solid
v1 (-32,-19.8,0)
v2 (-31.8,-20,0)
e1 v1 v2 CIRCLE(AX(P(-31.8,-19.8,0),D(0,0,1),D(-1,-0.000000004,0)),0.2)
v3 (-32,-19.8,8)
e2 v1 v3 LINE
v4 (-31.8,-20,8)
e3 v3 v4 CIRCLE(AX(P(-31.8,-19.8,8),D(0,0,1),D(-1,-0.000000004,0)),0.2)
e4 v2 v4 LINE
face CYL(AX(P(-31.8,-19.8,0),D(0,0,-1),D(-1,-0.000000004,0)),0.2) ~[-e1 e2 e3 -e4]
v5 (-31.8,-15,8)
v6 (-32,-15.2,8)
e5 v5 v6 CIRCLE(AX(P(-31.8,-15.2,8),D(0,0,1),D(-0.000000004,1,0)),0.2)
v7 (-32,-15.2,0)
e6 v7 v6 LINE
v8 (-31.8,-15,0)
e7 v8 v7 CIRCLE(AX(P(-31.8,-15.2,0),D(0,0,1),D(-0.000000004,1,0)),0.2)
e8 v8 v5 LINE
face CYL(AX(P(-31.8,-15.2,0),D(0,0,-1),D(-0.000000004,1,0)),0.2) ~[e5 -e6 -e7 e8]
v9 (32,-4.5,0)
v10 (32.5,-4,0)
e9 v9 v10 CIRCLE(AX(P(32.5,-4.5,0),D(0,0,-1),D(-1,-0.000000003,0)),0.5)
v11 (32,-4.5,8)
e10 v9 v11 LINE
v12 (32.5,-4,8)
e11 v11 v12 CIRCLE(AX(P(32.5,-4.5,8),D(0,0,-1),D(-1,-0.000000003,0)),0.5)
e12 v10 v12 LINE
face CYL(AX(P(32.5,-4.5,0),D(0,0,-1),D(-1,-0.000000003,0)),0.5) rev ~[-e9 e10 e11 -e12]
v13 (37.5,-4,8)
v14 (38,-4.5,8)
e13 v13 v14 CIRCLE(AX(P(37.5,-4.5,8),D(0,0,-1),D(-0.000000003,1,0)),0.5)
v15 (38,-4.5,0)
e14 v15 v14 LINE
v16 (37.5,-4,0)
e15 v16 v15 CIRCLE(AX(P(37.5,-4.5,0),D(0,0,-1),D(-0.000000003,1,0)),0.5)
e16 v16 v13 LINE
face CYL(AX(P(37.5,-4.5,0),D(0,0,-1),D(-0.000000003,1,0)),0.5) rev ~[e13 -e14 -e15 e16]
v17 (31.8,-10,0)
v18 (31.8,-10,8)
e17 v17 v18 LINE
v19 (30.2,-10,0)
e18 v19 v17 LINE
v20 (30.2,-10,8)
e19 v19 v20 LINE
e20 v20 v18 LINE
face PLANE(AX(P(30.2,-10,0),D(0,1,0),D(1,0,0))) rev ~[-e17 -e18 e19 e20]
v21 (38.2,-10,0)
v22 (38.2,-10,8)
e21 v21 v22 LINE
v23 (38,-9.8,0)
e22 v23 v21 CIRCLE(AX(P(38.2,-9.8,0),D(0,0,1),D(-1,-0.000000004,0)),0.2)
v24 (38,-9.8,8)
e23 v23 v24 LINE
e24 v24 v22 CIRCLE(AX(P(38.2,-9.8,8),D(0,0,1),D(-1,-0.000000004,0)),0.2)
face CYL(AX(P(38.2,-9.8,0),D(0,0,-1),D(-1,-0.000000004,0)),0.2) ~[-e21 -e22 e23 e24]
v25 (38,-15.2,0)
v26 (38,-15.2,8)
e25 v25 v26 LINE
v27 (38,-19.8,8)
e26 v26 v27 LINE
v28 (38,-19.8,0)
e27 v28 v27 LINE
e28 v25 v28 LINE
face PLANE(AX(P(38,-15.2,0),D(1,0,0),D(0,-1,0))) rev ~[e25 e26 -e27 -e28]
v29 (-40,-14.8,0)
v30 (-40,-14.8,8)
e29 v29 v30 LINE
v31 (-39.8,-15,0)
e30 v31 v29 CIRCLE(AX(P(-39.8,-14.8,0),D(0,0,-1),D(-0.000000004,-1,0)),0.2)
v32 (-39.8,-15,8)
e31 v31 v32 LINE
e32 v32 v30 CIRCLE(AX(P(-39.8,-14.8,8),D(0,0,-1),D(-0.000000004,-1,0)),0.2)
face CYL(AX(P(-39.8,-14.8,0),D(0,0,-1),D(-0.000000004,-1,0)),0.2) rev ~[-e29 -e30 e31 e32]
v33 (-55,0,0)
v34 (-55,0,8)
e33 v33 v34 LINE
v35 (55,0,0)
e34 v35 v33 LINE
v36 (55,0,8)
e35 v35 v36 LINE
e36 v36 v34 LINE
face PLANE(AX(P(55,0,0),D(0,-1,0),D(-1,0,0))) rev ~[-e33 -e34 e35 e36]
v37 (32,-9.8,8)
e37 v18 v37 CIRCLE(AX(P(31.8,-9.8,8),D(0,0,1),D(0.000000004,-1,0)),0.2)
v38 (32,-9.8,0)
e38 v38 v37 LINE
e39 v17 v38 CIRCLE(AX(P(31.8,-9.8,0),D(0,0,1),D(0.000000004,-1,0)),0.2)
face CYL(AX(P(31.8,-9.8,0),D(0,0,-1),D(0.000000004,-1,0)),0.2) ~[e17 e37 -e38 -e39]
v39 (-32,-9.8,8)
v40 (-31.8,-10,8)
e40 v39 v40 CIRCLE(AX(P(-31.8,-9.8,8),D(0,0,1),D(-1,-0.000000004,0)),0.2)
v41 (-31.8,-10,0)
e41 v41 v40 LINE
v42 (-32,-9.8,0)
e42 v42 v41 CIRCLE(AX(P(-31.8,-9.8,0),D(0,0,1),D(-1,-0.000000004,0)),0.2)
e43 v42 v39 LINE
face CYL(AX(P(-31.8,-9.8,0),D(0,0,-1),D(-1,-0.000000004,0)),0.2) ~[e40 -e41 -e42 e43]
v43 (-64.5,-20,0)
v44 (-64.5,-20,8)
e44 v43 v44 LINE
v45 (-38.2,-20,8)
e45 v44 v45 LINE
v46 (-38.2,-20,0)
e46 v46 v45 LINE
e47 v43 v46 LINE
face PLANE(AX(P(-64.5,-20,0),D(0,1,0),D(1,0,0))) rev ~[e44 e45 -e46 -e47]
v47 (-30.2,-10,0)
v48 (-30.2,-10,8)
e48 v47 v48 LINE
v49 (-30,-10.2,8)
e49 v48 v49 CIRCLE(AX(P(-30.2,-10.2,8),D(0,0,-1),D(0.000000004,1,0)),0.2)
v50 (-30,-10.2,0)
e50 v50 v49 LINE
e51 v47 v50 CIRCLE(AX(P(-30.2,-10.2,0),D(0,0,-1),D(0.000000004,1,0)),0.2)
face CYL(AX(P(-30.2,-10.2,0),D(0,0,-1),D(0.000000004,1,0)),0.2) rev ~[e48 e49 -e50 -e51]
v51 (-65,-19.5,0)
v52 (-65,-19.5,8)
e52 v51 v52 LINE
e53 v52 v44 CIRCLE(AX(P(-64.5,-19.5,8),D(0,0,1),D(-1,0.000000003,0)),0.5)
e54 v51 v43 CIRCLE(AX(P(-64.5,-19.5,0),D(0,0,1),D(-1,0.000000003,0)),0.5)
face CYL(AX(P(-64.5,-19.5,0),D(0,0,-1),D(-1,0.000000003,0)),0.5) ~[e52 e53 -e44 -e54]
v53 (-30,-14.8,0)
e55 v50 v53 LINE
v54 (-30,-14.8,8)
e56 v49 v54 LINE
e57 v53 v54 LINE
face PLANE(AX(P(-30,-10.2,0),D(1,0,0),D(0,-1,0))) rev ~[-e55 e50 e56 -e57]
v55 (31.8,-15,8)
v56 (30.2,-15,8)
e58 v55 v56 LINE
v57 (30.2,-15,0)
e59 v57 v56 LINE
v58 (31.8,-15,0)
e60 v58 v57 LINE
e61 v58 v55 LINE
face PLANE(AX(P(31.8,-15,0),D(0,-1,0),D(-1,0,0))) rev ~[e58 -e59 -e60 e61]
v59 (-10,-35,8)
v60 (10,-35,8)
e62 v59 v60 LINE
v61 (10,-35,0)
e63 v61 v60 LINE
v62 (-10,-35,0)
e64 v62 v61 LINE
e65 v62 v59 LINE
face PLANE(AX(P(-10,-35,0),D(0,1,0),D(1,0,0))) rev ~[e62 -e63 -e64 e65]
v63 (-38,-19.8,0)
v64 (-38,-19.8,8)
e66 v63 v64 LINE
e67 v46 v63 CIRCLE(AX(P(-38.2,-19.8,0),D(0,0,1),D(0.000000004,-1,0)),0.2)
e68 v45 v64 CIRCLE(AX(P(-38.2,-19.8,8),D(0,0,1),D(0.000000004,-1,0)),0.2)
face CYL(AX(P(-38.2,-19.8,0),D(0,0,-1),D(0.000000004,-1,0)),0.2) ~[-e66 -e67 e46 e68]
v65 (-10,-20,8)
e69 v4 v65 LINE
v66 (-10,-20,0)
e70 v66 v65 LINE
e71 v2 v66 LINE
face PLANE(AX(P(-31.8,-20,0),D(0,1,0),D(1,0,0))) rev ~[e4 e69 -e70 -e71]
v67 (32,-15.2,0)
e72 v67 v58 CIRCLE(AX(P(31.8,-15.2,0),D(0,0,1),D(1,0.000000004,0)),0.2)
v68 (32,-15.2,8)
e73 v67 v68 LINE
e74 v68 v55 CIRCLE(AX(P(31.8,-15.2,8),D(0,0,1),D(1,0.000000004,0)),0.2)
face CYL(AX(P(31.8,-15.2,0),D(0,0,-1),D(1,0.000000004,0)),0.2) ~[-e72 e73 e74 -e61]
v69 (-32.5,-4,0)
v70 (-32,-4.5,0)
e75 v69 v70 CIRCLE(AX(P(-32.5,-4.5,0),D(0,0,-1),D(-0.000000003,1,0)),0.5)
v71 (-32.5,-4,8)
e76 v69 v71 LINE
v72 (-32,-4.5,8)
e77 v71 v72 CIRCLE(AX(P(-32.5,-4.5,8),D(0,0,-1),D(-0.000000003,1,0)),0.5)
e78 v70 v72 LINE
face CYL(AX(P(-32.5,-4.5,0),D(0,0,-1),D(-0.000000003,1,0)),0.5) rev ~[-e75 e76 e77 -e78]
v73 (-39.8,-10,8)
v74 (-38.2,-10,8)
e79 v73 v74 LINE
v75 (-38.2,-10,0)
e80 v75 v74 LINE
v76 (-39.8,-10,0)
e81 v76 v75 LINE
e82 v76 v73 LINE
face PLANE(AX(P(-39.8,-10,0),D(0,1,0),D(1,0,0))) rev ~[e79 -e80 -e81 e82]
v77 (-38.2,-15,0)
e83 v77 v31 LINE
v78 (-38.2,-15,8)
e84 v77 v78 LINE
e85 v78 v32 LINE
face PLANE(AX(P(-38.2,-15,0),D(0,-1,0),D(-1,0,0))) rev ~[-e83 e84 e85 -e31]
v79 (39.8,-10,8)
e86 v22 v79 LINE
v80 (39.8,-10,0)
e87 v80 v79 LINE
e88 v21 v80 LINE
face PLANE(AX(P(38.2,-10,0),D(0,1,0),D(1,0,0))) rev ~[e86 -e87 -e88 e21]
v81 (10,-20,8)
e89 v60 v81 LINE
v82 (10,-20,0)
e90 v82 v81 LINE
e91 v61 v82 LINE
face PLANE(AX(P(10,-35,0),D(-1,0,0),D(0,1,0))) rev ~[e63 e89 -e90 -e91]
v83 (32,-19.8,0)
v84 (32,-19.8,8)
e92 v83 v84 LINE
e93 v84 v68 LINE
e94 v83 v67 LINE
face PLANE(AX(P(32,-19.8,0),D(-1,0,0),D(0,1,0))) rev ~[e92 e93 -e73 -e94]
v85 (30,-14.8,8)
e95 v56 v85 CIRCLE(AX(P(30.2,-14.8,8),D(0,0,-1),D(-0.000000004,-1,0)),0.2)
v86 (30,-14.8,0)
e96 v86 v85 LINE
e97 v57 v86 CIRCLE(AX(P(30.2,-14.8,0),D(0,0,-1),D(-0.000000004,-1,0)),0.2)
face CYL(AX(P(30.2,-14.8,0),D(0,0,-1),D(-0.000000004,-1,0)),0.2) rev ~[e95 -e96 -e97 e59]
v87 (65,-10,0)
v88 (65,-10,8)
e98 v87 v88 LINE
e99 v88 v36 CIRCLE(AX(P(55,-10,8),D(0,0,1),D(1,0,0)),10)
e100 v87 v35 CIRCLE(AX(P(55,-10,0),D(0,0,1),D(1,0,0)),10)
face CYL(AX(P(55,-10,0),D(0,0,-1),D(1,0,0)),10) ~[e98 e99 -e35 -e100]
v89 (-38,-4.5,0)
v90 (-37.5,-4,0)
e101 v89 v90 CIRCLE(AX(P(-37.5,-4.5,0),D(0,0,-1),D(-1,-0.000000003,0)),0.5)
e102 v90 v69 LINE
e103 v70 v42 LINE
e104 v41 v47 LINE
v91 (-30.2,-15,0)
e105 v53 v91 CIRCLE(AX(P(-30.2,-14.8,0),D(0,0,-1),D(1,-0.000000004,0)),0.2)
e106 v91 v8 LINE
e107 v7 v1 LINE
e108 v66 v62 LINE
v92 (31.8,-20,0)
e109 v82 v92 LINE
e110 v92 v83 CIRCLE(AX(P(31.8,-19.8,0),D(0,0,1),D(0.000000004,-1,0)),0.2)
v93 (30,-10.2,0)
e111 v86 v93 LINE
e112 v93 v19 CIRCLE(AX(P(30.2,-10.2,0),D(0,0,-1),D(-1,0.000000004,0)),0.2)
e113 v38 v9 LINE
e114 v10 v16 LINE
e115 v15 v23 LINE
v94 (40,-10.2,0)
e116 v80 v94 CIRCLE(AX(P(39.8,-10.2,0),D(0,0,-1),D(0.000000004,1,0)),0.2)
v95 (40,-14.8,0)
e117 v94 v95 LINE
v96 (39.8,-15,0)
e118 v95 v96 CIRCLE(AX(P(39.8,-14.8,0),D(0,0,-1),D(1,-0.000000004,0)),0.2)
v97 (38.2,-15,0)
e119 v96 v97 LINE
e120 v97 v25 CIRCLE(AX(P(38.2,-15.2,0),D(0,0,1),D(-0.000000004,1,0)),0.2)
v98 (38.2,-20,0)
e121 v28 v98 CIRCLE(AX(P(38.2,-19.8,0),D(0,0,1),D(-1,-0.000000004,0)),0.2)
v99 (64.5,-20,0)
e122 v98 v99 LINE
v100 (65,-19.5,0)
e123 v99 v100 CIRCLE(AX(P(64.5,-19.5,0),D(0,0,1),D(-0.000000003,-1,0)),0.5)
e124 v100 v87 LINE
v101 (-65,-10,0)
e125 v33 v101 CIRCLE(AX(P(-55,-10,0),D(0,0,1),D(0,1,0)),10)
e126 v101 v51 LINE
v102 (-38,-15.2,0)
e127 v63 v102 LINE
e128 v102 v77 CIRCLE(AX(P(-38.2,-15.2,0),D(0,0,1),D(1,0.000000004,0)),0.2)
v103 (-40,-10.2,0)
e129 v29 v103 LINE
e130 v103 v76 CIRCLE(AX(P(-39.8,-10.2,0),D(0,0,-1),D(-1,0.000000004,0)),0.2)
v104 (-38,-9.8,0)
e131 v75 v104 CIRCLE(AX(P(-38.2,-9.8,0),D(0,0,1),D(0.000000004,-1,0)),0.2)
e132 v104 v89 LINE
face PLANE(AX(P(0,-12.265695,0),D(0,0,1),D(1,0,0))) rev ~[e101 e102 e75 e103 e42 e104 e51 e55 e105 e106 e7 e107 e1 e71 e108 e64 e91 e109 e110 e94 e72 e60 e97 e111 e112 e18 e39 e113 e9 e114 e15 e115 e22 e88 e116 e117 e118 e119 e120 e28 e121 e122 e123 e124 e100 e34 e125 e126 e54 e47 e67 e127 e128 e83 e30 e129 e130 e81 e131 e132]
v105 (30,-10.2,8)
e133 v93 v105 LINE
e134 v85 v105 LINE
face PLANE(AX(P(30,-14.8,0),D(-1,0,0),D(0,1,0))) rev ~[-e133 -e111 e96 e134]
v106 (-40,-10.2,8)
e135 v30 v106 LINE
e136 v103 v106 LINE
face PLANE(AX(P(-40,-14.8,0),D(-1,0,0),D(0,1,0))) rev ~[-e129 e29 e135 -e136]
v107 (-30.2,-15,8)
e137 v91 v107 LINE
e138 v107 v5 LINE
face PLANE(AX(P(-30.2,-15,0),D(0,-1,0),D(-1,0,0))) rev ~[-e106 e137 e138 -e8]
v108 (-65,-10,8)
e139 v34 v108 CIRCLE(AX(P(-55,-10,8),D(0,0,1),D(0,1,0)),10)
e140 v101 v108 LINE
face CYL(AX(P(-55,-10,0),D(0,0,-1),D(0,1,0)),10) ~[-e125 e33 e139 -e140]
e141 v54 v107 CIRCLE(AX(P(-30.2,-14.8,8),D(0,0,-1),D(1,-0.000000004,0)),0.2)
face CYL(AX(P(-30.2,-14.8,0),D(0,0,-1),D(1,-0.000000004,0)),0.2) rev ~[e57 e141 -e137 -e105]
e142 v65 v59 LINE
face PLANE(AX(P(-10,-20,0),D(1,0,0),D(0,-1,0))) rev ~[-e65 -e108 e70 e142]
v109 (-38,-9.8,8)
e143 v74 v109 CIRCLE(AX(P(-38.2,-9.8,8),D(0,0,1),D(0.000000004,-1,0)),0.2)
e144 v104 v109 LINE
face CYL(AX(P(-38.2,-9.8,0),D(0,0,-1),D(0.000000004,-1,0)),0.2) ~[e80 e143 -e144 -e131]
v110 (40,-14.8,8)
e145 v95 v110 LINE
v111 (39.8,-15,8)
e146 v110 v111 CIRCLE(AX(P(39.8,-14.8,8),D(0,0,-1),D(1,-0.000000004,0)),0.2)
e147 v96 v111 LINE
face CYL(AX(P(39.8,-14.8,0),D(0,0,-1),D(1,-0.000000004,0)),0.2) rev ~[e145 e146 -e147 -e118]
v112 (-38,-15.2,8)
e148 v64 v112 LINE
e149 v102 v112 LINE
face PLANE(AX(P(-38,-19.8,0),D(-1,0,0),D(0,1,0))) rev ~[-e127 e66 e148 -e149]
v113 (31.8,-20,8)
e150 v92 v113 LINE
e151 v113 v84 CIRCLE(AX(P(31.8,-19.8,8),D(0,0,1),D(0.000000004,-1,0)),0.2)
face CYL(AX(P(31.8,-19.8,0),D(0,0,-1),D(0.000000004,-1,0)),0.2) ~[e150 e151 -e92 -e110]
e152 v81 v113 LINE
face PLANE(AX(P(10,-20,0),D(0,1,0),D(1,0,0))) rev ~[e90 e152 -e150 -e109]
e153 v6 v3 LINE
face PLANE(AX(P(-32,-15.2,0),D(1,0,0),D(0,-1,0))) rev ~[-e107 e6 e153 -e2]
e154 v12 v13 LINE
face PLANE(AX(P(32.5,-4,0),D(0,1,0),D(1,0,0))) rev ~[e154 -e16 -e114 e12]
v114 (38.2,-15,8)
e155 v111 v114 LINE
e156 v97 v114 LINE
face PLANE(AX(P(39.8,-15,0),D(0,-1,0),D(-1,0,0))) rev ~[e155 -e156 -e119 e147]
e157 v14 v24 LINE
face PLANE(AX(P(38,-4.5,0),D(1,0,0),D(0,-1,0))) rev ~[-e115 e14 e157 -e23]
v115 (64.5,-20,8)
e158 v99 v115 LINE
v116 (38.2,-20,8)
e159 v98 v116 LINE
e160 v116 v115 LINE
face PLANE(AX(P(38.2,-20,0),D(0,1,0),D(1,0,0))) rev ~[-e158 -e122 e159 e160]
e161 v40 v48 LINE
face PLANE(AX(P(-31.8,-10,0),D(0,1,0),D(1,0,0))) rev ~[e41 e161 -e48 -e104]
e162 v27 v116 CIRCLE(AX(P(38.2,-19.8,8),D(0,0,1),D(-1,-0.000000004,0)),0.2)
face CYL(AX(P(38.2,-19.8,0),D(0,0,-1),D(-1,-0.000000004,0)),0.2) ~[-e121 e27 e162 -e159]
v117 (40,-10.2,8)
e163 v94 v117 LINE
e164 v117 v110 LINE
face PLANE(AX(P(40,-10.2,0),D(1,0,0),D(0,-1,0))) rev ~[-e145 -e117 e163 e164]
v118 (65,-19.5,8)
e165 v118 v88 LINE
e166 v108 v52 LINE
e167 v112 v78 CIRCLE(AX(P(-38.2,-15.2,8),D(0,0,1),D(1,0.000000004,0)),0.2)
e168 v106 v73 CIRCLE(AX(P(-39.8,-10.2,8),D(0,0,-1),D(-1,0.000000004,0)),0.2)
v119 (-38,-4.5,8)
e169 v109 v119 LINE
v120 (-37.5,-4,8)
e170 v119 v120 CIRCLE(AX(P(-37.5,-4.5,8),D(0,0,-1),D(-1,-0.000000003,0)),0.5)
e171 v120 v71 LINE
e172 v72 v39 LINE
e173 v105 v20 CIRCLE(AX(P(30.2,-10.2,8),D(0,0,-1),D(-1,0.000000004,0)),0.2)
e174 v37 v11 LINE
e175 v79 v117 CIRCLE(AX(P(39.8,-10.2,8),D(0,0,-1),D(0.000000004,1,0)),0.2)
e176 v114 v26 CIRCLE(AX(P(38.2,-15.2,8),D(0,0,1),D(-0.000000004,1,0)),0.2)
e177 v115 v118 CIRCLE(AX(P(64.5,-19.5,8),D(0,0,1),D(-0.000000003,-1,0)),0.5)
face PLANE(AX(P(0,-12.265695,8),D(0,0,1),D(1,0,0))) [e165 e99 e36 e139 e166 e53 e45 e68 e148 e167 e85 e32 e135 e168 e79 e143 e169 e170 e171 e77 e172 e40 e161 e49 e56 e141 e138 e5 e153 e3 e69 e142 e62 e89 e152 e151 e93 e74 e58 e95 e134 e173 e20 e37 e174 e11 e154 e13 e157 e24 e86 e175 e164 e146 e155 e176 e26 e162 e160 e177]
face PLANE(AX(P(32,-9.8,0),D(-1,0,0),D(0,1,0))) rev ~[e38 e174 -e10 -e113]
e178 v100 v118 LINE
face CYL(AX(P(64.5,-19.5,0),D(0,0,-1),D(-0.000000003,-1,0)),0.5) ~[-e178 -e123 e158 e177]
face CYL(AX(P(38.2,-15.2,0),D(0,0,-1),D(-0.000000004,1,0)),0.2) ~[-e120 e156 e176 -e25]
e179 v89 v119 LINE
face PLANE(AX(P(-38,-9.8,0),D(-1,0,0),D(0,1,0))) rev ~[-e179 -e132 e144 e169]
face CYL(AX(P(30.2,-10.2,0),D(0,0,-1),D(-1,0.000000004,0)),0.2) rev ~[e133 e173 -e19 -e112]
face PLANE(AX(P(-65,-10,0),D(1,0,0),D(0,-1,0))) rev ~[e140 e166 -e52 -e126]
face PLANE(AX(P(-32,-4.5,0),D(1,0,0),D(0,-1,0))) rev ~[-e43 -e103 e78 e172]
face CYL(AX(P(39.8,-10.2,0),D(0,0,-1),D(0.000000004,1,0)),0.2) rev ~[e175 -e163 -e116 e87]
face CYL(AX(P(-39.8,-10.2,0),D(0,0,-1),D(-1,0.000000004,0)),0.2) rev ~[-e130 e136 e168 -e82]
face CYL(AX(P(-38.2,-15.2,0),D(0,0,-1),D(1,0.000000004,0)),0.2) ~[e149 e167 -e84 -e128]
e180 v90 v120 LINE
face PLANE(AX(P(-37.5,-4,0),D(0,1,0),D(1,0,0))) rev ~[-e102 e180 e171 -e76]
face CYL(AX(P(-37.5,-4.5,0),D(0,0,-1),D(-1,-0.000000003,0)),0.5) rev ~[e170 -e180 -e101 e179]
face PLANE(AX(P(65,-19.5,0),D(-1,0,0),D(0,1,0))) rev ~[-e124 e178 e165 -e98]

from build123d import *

# Parameters (mm, degrees)
BOSS_EXTRUDE1_DEPTH = 8


with BuildPart() as part:
    # Model → Boss-Extrude1 (new body)
    with BuildSketch(Plane.XY):
        with BuildLine():
            Line((-65, -10), (-65, -19.5))
            ThreePointArc((-65, -19.5), (-64.853553391, -19.853553391), (-64.5, -20))
            Line((-64.5, -20), (-38.2, -20))
            ThreePointArc((-38.2, -20), (-38.058578644, -19.941421356), (-38, -19.8))
            Line((-38, -19.8), (-38, -15.2))
            ThreePointArc((-38, -15.2), (-38.058578644, -15.058578644), (-38.2, -15))
            Line((-38.2, -15), (-39.8, -15))
            ThreePointArc((-39.8, -15), (-39.941421356, -14.941421356), (-40, -14.8))
            Line((-40, -14.8), (-40, -10.2))
            ThreePointArc((-40, -10.2), (-39.941421356, -10.058578644), (-39.8, -10))
            Line((-39.8, -10), (-38.2, -10))
            ThreePointArc((-38.2, -10), (-38.058578644, -9.941421356), (-38, -9.8))
            Line((-38, -9.8), (-38, -4.5))
            ThreePointArc((-38, -4.5), (-37.853553391, -4.146446609), (-37.5, -4))
            Line((-37.5, -4), (-32.5, -4))
            ThreePointArc((-32.5, -4), (-32.146446609, -4.146446609), (-32, -4.5))
            Line((-32, -4.5), (-32, -9.8))
            ThreePointArc((-32, -9.8), (-31.941421356, -9.941421356), (-31.8, -10))
            Line((-31.8, -10), (-30.2, -10))
            ThreePointArc((-30.2, -10), (-30.058578644, -10.058578644), (-30, -10.2))
            Line((-30, -10.2), (-30, -14.8))
            ThreePointArc((-30, -14.8), (-30.058578644, -14.941421356), (-30.2, -15))
            Line((-30.2, -15), (-31.8, -15))
            ThreePointArc((-31.8, -15), (-31.941421356, -15.058578644), (-32, -15.2))
            Line((-32, -15.2), (-32, -19.8))
            ThreePointArc((-32, -19.8), (-31.941421356, -19.941421356), (-31.8, -20))
            Line((-31.8, -20), (-10, -20))
            Line((-10, -20), (-10, -35))
            Line((-10, -35), (10, -35))
            Line((10, -35), (10, -20))
            Line((10, -20), (31.8, -20))
            ThreePointArc((31.8, -20), (31.941421356, -19.941421356), (32, -19.8))
            Line((32, -19.8), (32, -15.2))
            ThreePointArc((32, -15.2), (31.941421356, -15.058578644), (31.8, -15))
            Line((31.8, -15), (30.2, -15))
            ThreePointArc((30.2, -15), (30.058578644, -14.941421356), (30, -14.8))
            Line((30, -14.8), (30, -10.2))
            ThreePointArc((30, -10.2), (30.058578644, -10.058578644), (30.2, -10))
            Line((30.2, -10), (31.8, -10))
            ThreePointArc((31.8, -10), (31.941421356, -9.941421356), (32, -9.8))
            Line((32, -9.8), (32, -4.5))
            ThreePointArc((32, -4.5), (32.146446609, -4.146446609), (32.5, -4))
            Line((32.5, -4), (37.5, -4))
            ThreePointArc((37.5, -4), (37.853553391, -4.146446609), (38, -4.5))
            Line((38, -4.5), (38, -9.8))
            ThreePointArc((38, -9.8), (38.058578644, -9.941421356), (38.2, -10))
            Line((38.2, -10), (39.8, -10))
            ThreePointArc((39.8, -10), (39.941421356, -10.058578644), (40, -10.2))
            Line((40, -10.2), (40, -14.8))
            ThreePointArc((40, -14.8), (39.941421356, -14.941421356), (39.8, -15))
            Line((39.8, -15), (38.2, -15))
            ThreePointArc((38.2, -15), (38.058578644, -15.058578644), (38, -15.2))
            Line((38, -15.2), (38, -19.8))
            ThreePointArc((38, -19.8), (38.058578644, -19.941421356), (38.2, -20))
            Line((38.2, -20), (64.5, -20))
            ThreePointArc((64.5, -20), (64.853553391, -19.853553391), (65, -19.5))
            Line((65, -19.5), (65, -10))
            ThreePointArc((65, -10), (62.071067812, -2.928932188), (55, 0))
            Line((55, 0), (-55, 0))
            ThreePointArc((-55, 0), (-62.071067812, -2.928932188), (-65, -10))
        make_face()
    extrude(amount=BOSS_EXTRUDE1_DEPTH)


solid = part.part
